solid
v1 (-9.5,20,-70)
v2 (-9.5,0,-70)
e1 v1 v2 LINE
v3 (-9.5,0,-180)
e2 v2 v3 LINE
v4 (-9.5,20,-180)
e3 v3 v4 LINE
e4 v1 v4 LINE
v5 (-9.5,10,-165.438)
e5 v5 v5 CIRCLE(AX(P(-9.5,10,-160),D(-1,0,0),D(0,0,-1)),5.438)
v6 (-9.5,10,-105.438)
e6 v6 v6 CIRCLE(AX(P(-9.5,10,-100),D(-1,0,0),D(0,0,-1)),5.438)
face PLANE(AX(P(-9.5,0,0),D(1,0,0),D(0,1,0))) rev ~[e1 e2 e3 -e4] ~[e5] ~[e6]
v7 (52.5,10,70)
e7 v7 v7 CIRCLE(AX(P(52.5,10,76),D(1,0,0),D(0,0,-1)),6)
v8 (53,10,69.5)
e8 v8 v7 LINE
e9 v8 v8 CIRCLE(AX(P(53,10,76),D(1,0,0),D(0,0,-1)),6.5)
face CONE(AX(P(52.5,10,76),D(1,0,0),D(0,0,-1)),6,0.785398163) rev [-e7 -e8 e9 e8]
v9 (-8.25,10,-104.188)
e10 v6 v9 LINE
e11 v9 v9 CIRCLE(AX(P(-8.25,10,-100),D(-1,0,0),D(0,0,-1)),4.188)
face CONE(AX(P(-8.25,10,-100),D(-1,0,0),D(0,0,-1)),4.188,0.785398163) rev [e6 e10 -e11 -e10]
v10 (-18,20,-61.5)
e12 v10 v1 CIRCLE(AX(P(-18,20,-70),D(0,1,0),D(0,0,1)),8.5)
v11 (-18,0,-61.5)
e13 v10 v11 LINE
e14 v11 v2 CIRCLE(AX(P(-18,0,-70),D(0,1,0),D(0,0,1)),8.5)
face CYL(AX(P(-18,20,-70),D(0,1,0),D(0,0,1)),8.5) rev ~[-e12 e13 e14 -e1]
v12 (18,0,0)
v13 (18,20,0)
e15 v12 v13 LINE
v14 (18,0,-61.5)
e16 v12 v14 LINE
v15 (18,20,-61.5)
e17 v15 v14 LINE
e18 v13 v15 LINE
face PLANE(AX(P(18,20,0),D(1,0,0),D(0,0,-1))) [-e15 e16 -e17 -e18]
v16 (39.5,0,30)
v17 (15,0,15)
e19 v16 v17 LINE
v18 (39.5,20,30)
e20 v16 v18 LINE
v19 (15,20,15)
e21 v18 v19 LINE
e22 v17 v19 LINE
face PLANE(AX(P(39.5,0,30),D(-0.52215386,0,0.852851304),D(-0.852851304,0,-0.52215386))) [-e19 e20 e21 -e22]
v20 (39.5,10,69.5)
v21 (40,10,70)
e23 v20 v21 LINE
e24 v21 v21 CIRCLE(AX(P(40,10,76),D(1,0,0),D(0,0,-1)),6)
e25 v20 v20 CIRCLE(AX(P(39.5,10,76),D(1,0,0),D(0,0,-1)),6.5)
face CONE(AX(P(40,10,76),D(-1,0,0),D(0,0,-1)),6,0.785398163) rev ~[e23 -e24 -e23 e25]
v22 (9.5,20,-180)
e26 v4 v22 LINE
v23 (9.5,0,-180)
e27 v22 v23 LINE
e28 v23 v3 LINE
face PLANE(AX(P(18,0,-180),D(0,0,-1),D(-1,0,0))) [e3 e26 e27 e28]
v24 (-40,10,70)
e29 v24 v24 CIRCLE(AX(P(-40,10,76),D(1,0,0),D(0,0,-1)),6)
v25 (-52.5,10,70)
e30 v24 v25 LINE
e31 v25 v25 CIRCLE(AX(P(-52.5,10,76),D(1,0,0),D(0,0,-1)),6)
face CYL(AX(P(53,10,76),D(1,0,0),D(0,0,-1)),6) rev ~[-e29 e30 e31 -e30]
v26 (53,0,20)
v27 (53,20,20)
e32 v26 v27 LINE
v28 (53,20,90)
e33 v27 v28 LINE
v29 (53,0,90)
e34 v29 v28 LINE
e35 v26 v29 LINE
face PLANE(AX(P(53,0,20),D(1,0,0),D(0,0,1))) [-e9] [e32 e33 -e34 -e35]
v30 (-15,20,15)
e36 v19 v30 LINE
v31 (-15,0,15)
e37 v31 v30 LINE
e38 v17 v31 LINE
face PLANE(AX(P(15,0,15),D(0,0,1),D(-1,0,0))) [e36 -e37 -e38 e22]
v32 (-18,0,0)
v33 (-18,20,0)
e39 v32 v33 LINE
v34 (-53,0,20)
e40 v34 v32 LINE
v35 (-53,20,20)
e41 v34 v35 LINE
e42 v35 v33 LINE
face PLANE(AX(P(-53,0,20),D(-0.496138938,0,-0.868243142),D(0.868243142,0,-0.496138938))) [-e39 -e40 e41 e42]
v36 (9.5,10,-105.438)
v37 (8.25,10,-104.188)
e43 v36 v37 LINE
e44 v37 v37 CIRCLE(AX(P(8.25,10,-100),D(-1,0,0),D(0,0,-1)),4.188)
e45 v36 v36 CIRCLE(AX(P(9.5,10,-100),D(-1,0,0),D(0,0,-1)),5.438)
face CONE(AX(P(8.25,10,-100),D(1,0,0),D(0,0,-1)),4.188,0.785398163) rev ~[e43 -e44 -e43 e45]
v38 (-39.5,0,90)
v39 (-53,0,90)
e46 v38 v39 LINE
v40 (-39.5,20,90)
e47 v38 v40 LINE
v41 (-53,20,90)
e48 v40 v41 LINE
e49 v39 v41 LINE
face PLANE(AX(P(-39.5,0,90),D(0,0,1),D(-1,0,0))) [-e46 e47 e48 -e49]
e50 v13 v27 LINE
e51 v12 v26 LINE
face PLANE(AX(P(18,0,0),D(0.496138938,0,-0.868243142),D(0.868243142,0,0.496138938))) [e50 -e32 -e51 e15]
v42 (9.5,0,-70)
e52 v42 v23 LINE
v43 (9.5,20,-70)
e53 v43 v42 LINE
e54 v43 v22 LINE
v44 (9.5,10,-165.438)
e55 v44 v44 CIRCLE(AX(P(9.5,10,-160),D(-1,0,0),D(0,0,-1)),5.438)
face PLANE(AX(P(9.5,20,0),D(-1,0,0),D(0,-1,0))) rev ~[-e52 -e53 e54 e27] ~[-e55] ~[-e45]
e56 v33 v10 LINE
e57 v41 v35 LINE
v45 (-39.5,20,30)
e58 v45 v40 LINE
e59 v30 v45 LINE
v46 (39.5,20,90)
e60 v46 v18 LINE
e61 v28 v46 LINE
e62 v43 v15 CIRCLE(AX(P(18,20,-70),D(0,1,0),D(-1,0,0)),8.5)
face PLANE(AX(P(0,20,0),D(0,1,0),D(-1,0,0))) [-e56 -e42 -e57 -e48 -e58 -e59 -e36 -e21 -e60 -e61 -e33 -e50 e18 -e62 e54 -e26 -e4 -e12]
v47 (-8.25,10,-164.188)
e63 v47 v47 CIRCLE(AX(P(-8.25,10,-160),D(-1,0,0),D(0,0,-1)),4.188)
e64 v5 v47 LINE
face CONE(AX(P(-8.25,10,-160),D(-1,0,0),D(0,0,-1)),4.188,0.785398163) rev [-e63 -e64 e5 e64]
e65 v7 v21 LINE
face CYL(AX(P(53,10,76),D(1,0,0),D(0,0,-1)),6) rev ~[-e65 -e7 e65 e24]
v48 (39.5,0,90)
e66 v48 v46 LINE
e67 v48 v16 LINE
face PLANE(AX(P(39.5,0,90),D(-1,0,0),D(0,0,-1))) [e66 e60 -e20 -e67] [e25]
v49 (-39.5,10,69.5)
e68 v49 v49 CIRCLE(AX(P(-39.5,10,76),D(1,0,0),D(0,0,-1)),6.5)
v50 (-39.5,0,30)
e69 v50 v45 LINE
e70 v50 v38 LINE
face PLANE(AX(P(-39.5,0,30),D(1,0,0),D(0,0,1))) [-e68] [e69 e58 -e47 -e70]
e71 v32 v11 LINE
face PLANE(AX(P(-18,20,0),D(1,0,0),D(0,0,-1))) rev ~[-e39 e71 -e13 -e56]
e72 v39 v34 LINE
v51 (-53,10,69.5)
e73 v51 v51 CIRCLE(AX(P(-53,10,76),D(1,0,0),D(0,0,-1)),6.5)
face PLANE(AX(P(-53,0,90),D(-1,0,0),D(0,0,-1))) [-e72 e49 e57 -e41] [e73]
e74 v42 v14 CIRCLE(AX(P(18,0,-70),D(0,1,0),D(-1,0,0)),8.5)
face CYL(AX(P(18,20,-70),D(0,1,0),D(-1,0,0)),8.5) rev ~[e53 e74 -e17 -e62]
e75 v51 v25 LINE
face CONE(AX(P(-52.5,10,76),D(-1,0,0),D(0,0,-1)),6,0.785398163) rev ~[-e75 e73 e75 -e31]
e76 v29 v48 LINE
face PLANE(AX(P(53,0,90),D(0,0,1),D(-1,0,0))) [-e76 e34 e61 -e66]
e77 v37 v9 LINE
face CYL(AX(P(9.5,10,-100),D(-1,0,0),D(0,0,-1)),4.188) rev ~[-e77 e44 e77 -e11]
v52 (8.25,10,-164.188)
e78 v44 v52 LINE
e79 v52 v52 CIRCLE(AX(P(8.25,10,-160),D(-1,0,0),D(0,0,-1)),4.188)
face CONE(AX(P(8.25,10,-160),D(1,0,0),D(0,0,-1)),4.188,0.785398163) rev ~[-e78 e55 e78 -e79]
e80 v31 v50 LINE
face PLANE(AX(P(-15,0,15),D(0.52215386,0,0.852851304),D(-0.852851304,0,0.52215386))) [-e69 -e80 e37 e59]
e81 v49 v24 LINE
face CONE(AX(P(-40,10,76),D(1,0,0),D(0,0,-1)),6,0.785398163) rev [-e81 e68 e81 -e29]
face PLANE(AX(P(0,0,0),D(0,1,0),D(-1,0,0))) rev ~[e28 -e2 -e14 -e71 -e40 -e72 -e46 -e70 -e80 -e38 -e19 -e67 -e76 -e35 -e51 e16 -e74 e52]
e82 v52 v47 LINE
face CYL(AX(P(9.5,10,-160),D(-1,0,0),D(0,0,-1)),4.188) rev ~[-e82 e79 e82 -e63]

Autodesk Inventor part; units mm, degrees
ref_plane "YZ Plane" through (0, 0, 0) normal (1, 0, 0) x (0, 1, 0)
sketch "Skizze1" plane through (0, 0, 0) normal (0, 1, 0) x (-1, 0, 0)
  line L0 (53, 90) -> (53, 20)
  line L1 (53, 20) -> (18, 0)
  line L2 (18, 0) -> (-18, 0)
  line L3 (-18, 0) -> (-53, 20)
  line L4 (-53, 20) -> (-53, 90)
  line L5 (-53, 90) -> (-39.5, 90)
  line L6 (-39.5, 90) -> (-39.5, 30)
  line L7 (-39.5, 30) -> (-15, 15)
  line L8 (-15, 15) -> (15, 15)
  line L9 (15, 15) -> (39.5, 30)
  line L10 (39.5, 30) -> (39.5, 90)
  line L11 (39.5, 90) -> (53, 90)
  line L12 (0, -234) -> (0, 144) construction
  point P0 (0, 0)
  dimension "d0" = 79
  dimension "d1" = 13.5
  dimension "d2" = 13.5
  dimension "d3" = 90
  dimension "d5" = 60
  dimension "d6" = 15
  dimension "d7" = 60
  dimension "d8" = 70
  dimension "d9" = 70
  dimension "d12" = 15
  dimension "d13" = 15
  dimension "d14" = 18
  dimension "d15" = 18
extrude "Extrusion1" add sketch "Skizze1" along normal blind 20
sketch "Skizze2" plane through (18, 0, 0) normal (0, 0, -1) x (-1, 0, 0)
  line L0 (57.5, 20) -> (33, 20) construction
  line L1 (8.5, 0) -> (27.5, 0)
  line L2 (27.5, 0) -> (27.5, 20)
  line L3 (27.5, 20) -> (8.5, 20)
  line L4 (8.5, 20) -> (8.5, 0)
  line L5 (18, -4) -> (18, 24) construction
  line L6 (0, 0) -> (36, 0) construction
  point P0 (18, 0)
  point P1 (18, 0)
  point P2 (18, 20)
  dimension "d75" = 19
extrude "Extrusion2" add sketch "Skizze2" along normal blind 180
ref_plane "Arbeitsebene1" through (53.5, 2, 88) normal (1, 0, 0) x (0, 0, -1)
sketch "Skizze3" plane through (53, 0, 90) normal (1, 0, 0) x (0, 0, -1)
  line L0 (0, 10) -> (14, 10) construction
  line L1 (0, 0) -> (0, 20) construction
  circle A0 centre (14, 10) radius 6
  dimension "d44" = 14
  dimension "d87" = 12
extrude "Extrusion3" cut sketch "Skizze3" against normal through all
ref_plane "Arbeitsebene5" through (18, 0, -160) normal (0, 0, -1) x (-1, 0, 0)
ref_plane "Arbeitsebene6" through (18, 0, -100) normal (0, 0, -1) x (-1, 0, 0)
ref_plane "Arbeitsebene7" through (18, 0, -130) normal (0, 0, -1) x (-1, 0, 0)
sketch "Skizze13" plane through (9.5, 0, 0) normal (1, 0, 0) x (0, 0, -1)
  line L0 (160, 24) -> (160, -4) construction
  line L1 (100, 24) -> (100, -4) construction
  line L2 (180, 0) -> (180, 20) construction
  line L3 (180, 10) -> (100, 10) construction
  point P0 (0, 0)
  point P1 (160, 10)
hole "Bohrung2" at (9.5, 10, -100) at (9.5, 10, -160) direction (-1, 0, 0) diameter 8.376 end through all thread size "M10x1.5" class "6H" standard "ISO Metric profile"
sketch "Skizze11" plane through (0, 20, 0) normal (0, 1, 0) x (1, 0, 0)
  line L0 (9.5, 0) -> (18, 0)
  line L1 (18, 0) -> (18, 61.5)
  line L2 (9.5, 70) -> (9.5, 0)
  line L3 (-9.5, 0) -> (-9.5, 180) projected
  line L4 (-9.5, 0) -> (-18, 0)
  line L5 (-18, 0) -> (-18, 61.5)
  line L6 (-9.5, 70) -> (-9.5, 0)
  arc A0 (9.5, 70) -> (18, 61.5) centre (18, 70) ccw
  arc A1 (-18, 61.5) -> (-9.5, 70) centre (-18, 70) ccw
  point P0 (0, 0)
  point P1 (-9.5, 70)
  dimension "d80" = 70
  dimension "d81" = 70
extrude "Extrusion7" add sketch "Skizze11" against normal up to surface (20 mm away)
sketch "Skizze12" plane through (18, 0, -180) normal (0, 0, -1) x (-1, 0, 0)
  line L0 (27.5, 20) -> (8.5, 20) construction
  point P0 (18, 0)
  dimension "Gabel_FixierungPart_Width" = 19
chamfer "Fase1" distance 1.25 angle 45 4 edges at (9.5, 10, -155.812) (9.5, 10, -95.812) (-9.5, 10, -155.812) (-9.5, 10, -95.812)
chamfer "Fase2" distance 0.5 angle 45 4 edges at (53, 10, 82) (39.5, 10, 82) (-53, 10, 82) (-39.5, 10, 82)
equation "\"d1\" = d2"
equation "\"d75\" = ParallelMecha_Contact_Dist - 2 * Gabel_FixationShaft_Contact_Thickness"
equation "\"d81\" = d80"
equation "\"Fixation_dist2\" = -Total_Bearing_Hole_Dist"
equation "\"ParallelMecha_Contact_Dist\" = 26"
equation "\"Gabel_FixationShaft_Contact_Thickness\" = 3.5"
equation "\"Total_Bearing_Hole_Dist\" = 60"
properties part number "Adaptationhorizontalachse" material "Aluminum 6061-AHC"
